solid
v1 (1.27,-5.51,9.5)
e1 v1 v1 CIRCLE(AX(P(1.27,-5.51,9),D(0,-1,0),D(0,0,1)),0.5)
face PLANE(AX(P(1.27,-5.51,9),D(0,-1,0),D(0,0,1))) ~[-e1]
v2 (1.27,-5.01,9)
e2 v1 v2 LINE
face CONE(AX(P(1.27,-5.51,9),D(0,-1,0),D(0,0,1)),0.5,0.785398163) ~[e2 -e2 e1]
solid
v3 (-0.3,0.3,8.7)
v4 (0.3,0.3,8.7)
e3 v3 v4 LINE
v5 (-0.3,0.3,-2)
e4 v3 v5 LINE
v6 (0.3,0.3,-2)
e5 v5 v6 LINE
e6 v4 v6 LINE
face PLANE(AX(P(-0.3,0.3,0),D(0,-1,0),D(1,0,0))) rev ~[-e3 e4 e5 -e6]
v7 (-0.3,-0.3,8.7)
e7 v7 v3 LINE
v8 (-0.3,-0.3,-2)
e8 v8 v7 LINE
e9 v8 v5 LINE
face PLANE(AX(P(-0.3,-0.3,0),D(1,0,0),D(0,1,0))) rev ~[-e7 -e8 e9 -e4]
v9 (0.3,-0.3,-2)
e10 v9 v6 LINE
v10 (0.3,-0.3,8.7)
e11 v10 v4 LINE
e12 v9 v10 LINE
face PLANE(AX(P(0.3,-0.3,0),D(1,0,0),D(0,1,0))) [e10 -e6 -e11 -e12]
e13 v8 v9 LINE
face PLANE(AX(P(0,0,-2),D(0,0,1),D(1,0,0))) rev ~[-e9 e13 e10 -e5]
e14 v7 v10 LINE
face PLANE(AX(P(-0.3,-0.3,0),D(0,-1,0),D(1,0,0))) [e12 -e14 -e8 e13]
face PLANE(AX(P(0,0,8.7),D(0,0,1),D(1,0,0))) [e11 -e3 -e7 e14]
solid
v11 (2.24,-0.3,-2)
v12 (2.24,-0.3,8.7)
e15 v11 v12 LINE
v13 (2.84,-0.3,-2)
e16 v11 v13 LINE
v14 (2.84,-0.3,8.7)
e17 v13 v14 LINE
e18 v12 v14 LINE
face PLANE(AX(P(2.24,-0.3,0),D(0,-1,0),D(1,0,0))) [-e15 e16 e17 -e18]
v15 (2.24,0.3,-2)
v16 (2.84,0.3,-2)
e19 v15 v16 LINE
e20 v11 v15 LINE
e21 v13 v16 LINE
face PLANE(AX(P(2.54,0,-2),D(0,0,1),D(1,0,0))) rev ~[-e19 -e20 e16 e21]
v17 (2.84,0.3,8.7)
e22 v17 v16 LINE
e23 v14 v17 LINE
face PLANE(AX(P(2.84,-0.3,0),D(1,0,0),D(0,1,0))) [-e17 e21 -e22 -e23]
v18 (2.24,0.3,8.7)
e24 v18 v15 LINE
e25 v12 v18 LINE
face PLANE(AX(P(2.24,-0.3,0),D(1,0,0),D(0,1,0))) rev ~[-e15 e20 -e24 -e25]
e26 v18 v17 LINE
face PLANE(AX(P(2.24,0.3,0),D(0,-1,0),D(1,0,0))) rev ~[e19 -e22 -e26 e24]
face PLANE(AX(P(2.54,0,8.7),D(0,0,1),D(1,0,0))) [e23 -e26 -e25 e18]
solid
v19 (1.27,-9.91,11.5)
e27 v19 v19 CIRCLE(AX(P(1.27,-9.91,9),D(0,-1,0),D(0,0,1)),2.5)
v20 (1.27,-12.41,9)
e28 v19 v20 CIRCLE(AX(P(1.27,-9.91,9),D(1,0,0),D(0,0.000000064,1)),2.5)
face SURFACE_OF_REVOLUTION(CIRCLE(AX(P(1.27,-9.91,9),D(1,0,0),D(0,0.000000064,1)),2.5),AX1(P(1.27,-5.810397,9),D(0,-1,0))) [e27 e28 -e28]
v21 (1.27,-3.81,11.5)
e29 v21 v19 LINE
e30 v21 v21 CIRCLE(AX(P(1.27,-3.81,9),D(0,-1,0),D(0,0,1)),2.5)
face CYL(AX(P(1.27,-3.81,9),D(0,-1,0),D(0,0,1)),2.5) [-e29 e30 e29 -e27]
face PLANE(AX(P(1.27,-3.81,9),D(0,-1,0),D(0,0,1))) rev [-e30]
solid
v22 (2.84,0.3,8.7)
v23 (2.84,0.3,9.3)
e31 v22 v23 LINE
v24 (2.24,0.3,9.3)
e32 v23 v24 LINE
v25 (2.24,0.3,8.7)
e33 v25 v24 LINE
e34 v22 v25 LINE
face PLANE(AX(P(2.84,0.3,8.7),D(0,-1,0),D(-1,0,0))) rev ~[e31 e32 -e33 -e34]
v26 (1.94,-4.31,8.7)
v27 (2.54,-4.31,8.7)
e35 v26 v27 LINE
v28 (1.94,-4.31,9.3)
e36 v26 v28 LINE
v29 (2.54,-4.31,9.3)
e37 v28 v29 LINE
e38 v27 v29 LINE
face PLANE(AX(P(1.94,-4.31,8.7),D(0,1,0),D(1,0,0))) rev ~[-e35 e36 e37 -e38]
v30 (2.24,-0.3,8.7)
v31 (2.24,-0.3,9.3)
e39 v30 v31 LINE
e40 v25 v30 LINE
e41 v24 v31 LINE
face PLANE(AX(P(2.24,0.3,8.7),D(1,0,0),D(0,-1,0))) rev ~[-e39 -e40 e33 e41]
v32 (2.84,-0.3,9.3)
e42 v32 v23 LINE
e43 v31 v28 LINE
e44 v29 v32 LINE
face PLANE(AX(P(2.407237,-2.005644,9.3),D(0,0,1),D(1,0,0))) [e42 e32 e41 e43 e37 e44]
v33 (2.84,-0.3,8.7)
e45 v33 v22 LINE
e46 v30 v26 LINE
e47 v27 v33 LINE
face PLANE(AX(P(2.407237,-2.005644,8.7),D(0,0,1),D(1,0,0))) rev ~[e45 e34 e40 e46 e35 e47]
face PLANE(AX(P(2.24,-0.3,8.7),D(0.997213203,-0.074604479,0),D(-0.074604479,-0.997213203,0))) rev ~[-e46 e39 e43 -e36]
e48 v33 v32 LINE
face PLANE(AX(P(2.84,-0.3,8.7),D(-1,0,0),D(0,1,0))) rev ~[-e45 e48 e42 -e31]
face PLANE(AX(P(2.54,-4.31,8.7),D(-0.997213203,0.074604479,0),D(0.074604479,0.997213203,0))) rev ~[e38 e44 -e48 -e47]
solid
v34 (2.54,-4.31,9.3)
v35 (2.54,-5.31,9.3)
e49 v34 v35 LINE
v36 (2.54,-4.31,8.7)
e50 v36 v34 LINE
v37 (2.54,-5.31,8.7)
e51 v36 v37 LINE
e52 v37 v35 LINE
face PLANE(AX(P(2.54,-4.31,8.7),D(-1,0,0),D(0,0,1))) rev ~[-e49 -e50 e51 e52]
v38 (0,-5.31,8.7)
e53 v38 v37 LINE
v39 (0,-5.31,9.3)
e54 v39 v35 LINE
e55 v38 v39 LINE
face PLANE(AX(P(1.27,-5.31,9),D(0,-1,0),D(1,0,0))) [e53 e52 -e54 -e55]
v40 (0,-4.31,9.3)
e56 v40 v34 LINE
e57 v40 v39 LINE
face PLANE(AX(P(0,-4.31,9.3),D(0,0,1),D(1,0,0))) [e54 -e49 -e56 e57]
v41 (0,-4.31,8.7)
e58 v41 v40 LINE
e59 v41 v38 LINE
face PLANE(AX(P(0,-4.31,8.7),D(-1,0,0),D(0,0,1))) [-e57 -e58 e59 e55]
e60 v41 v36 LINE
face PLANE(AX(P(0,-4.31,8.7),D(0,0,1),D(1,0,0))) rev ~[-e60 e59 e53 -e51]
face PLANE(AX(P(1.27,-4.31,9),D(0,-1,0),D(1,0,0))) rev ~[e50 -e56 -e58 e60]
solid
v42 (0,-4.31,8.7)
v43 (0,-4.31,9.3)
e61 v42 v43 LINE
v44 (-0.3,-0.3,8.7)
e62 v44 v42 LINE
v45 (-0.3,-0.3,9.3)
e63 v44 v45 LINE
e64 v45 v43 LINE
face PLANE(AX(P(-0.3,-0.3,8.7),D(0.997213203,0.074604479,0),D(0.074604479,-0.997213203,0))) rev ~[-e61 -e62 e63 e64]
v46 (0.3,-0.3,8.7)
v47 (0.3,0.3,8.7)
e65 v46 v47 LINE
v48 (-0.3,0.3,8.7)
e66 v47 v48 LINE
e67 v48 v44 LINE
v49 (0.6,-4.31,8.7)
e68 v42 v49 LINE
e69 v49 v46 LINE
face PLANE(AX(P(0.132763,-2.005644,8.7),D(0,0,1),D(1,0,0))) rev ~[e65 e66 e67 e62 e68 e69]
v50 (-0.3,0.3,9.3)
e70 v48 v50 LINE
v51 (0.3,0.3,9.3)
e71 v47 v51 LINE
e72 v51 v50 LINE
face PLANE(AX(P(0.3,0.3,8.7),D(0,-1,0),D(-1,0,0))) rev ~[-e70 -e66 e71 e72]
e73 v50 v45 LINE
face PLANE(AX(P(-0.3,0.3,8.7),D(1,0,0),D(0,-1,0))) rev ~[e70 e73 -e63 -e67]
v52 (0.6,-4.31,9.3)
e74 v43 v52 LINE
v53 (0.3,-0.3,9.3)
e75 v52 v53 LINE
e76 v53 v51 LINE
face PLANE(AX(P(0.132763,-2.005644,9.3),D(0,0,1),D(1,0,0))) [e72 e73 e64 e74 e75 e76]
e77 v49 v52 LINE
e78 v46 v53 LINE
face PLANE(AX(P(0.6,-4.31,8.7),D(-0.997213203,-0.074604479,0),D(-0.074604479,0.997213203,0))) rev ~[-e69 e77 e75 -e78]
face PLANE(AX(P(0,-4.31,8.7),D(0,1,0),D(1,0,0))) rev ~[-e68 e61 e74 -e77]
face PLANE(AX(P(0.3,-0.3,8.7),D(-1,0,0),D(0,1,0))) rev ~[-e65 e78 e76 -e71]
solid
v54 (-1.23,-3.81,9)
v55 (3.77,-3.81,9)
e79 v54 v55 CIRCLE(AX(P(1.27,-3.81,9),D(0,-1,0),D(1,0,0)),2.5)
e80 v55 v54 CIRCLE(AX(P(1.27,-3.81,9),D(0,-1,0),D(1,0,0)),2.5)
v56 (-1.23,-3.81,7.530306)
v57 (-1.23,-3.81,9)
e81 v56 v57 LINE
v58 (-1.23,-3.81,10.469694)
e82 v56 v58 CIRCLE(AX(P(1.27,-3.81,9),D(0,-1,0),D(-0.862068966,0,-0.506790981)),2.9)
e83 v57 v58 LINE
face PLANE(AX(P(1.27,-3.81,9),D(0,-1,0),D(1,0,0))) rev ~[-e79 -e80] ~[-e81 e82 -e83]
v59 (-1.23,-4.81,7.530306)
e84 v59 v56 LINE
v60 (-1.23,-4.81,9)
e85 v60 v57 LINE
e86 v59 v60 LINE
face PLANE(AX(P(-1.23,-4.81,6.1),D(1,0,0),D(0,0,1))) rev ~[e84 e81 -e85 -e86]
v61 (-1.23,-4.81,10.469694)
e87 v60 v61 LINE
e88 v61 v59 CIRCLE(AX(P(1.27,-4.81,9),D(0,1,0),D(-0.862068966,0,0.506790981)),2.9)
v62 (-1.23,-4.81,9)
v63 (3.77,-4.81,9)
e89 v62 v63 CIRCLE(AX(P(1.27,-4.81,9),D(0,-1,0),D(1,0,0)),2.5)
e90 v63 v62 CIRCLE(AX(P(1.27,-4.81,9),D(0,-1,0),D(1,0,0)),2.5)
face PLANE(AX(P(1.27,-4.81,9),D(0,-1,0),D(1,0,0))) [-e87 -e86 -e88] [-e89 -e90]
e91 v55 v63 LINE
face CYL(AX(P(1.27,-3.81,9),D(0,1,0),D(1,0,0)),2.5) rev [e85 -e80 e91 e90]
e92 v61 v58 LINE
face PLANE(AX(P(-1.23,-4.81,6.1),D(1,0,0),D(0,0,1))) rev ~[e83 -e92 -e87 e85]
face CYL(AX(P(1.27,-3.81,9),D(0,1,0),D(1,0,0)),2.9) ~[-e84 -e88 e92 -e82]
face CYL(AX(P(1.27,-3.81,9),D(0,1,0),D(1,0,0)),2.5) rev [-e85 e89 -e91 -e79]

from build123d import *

# Parameters (mm, degrees)
SKETCH_W       = 0.6
SKETCH_H       = 0.6
PAD_DEPTH      = 8.7
PAD_DEPTH_BACK = 2
PAD001_DEPTH   = 0.6
SKETCH002_W    = 2.54
SKETCH002_H    = 0.6
PAD002_DEPTH   = 1
SKETCH004_R    = 2.9
SKETCH004_R_2  = 2.5
PAD003_DEPTH   = 1
SKETCH006_W    = 0.4
SKETCH006_H    = 5.8
POCKET_DEPTH   = 1.001


with BuildPart() as pad:
    # Sketch → Pad (new body, two sides)
    with BuildSketch(Plane.XY) as pad_sk:
        Rectangle(SKETCH_W, SKETCH_H)
        with Locations((2.54, 0)):
            Rectangle(SKETCH_W, SKETCH_H)
    extrude(amount=PAD_DEPTH)
    extrude(pad_sk.sketch, amount=-PAD_DEPTH_BACK)


with BuildPart() as pad001:
    # Sketch001 → Pad001 (new body)
    with BuildSketch(Plane.XY.offset(8.7)):
        Polygon((0.3, 0.3), (-0.3, 0.3), (-0.3, -0.3), (0, -4.31), (0.6, -4.31), (0.3, -0.3), align=None)
        Polygon((2.84, 0.3), (2.24, 0.3), (2.24, -0.3), (1.94, -4.31), (2.54, -4.31), (2.84, -0.3), align=None)
    extrude(amount=PAD001_DEPTH)


with BuildPart() as pad002:
    # Sketch002 → Pad002 (new body)
    with BuildSketch(Plane.XZ.offset(4.31)):
        with Locations((1.27, 9)):
            Rectangle(SKETCH002_W, SKETCH002_H)
    extrude(amount=PAD002_DEPTH)


with BuildPart() as revolution:
    # Sketch003 → Revolution (revolve)
    with BuildSketch(Plane.YZ.offset(1.27)):
        with BuildLine():
            Line((-3.81, 9), (-12.41, 9))
            ThreePointArc((-9.91, 11.5), (-11.677767, 10.767767), (-12.41, 9))
            Line((-3.81, 11.5), (-9.91, 11.5))
            Line((-3.81, 9), (-3.81, 11.5))
        make_face()
    revolve(axis=Axis((1.27, -5.810397, 9), (0, -1, 0)))


with BuildPart() as revolution001:
    # Sketch005 → Revolution001 (revolve)
    with BuildSketch(Plane.YZ.offset(1.27)):
        Polygon((-5.01, 9), (-5.51, 9), (-5.51, 9.5), align=None)
    revolve(axis=Axis((1.27, -3.977201, 9), (0, -1, 0)))


with BuildPart() as pocket:
    # Sketch004 → Pad003 (new body)
    with BuildSketch(Plane.XZ.offset(3.81)):
        with Locations((1.27, 9)):
            Circle(SKETCH004_R)
        with Locations((1.27, 9)):
            Circle(SKETCH004_R_2, mode=Mode.SUBTRACT)
    extrude(amount=PAD003_DEPTH)

    # Sketch006 → Pocket (cut, through all)
    with BuildSketch(Plane.XZ.offset(4.81)):
        with Locations((-1.43, 9)):
            Rectangle(SKETCH006_W, SKETCH006_H)
    extrude(amount=-POCKET_DEPTH, mode=Mode.SUBTRACT)


solid = Compound([pad.part, pad001.part, pad002.part, revolution.part, revolution001.part, pocket.part])
